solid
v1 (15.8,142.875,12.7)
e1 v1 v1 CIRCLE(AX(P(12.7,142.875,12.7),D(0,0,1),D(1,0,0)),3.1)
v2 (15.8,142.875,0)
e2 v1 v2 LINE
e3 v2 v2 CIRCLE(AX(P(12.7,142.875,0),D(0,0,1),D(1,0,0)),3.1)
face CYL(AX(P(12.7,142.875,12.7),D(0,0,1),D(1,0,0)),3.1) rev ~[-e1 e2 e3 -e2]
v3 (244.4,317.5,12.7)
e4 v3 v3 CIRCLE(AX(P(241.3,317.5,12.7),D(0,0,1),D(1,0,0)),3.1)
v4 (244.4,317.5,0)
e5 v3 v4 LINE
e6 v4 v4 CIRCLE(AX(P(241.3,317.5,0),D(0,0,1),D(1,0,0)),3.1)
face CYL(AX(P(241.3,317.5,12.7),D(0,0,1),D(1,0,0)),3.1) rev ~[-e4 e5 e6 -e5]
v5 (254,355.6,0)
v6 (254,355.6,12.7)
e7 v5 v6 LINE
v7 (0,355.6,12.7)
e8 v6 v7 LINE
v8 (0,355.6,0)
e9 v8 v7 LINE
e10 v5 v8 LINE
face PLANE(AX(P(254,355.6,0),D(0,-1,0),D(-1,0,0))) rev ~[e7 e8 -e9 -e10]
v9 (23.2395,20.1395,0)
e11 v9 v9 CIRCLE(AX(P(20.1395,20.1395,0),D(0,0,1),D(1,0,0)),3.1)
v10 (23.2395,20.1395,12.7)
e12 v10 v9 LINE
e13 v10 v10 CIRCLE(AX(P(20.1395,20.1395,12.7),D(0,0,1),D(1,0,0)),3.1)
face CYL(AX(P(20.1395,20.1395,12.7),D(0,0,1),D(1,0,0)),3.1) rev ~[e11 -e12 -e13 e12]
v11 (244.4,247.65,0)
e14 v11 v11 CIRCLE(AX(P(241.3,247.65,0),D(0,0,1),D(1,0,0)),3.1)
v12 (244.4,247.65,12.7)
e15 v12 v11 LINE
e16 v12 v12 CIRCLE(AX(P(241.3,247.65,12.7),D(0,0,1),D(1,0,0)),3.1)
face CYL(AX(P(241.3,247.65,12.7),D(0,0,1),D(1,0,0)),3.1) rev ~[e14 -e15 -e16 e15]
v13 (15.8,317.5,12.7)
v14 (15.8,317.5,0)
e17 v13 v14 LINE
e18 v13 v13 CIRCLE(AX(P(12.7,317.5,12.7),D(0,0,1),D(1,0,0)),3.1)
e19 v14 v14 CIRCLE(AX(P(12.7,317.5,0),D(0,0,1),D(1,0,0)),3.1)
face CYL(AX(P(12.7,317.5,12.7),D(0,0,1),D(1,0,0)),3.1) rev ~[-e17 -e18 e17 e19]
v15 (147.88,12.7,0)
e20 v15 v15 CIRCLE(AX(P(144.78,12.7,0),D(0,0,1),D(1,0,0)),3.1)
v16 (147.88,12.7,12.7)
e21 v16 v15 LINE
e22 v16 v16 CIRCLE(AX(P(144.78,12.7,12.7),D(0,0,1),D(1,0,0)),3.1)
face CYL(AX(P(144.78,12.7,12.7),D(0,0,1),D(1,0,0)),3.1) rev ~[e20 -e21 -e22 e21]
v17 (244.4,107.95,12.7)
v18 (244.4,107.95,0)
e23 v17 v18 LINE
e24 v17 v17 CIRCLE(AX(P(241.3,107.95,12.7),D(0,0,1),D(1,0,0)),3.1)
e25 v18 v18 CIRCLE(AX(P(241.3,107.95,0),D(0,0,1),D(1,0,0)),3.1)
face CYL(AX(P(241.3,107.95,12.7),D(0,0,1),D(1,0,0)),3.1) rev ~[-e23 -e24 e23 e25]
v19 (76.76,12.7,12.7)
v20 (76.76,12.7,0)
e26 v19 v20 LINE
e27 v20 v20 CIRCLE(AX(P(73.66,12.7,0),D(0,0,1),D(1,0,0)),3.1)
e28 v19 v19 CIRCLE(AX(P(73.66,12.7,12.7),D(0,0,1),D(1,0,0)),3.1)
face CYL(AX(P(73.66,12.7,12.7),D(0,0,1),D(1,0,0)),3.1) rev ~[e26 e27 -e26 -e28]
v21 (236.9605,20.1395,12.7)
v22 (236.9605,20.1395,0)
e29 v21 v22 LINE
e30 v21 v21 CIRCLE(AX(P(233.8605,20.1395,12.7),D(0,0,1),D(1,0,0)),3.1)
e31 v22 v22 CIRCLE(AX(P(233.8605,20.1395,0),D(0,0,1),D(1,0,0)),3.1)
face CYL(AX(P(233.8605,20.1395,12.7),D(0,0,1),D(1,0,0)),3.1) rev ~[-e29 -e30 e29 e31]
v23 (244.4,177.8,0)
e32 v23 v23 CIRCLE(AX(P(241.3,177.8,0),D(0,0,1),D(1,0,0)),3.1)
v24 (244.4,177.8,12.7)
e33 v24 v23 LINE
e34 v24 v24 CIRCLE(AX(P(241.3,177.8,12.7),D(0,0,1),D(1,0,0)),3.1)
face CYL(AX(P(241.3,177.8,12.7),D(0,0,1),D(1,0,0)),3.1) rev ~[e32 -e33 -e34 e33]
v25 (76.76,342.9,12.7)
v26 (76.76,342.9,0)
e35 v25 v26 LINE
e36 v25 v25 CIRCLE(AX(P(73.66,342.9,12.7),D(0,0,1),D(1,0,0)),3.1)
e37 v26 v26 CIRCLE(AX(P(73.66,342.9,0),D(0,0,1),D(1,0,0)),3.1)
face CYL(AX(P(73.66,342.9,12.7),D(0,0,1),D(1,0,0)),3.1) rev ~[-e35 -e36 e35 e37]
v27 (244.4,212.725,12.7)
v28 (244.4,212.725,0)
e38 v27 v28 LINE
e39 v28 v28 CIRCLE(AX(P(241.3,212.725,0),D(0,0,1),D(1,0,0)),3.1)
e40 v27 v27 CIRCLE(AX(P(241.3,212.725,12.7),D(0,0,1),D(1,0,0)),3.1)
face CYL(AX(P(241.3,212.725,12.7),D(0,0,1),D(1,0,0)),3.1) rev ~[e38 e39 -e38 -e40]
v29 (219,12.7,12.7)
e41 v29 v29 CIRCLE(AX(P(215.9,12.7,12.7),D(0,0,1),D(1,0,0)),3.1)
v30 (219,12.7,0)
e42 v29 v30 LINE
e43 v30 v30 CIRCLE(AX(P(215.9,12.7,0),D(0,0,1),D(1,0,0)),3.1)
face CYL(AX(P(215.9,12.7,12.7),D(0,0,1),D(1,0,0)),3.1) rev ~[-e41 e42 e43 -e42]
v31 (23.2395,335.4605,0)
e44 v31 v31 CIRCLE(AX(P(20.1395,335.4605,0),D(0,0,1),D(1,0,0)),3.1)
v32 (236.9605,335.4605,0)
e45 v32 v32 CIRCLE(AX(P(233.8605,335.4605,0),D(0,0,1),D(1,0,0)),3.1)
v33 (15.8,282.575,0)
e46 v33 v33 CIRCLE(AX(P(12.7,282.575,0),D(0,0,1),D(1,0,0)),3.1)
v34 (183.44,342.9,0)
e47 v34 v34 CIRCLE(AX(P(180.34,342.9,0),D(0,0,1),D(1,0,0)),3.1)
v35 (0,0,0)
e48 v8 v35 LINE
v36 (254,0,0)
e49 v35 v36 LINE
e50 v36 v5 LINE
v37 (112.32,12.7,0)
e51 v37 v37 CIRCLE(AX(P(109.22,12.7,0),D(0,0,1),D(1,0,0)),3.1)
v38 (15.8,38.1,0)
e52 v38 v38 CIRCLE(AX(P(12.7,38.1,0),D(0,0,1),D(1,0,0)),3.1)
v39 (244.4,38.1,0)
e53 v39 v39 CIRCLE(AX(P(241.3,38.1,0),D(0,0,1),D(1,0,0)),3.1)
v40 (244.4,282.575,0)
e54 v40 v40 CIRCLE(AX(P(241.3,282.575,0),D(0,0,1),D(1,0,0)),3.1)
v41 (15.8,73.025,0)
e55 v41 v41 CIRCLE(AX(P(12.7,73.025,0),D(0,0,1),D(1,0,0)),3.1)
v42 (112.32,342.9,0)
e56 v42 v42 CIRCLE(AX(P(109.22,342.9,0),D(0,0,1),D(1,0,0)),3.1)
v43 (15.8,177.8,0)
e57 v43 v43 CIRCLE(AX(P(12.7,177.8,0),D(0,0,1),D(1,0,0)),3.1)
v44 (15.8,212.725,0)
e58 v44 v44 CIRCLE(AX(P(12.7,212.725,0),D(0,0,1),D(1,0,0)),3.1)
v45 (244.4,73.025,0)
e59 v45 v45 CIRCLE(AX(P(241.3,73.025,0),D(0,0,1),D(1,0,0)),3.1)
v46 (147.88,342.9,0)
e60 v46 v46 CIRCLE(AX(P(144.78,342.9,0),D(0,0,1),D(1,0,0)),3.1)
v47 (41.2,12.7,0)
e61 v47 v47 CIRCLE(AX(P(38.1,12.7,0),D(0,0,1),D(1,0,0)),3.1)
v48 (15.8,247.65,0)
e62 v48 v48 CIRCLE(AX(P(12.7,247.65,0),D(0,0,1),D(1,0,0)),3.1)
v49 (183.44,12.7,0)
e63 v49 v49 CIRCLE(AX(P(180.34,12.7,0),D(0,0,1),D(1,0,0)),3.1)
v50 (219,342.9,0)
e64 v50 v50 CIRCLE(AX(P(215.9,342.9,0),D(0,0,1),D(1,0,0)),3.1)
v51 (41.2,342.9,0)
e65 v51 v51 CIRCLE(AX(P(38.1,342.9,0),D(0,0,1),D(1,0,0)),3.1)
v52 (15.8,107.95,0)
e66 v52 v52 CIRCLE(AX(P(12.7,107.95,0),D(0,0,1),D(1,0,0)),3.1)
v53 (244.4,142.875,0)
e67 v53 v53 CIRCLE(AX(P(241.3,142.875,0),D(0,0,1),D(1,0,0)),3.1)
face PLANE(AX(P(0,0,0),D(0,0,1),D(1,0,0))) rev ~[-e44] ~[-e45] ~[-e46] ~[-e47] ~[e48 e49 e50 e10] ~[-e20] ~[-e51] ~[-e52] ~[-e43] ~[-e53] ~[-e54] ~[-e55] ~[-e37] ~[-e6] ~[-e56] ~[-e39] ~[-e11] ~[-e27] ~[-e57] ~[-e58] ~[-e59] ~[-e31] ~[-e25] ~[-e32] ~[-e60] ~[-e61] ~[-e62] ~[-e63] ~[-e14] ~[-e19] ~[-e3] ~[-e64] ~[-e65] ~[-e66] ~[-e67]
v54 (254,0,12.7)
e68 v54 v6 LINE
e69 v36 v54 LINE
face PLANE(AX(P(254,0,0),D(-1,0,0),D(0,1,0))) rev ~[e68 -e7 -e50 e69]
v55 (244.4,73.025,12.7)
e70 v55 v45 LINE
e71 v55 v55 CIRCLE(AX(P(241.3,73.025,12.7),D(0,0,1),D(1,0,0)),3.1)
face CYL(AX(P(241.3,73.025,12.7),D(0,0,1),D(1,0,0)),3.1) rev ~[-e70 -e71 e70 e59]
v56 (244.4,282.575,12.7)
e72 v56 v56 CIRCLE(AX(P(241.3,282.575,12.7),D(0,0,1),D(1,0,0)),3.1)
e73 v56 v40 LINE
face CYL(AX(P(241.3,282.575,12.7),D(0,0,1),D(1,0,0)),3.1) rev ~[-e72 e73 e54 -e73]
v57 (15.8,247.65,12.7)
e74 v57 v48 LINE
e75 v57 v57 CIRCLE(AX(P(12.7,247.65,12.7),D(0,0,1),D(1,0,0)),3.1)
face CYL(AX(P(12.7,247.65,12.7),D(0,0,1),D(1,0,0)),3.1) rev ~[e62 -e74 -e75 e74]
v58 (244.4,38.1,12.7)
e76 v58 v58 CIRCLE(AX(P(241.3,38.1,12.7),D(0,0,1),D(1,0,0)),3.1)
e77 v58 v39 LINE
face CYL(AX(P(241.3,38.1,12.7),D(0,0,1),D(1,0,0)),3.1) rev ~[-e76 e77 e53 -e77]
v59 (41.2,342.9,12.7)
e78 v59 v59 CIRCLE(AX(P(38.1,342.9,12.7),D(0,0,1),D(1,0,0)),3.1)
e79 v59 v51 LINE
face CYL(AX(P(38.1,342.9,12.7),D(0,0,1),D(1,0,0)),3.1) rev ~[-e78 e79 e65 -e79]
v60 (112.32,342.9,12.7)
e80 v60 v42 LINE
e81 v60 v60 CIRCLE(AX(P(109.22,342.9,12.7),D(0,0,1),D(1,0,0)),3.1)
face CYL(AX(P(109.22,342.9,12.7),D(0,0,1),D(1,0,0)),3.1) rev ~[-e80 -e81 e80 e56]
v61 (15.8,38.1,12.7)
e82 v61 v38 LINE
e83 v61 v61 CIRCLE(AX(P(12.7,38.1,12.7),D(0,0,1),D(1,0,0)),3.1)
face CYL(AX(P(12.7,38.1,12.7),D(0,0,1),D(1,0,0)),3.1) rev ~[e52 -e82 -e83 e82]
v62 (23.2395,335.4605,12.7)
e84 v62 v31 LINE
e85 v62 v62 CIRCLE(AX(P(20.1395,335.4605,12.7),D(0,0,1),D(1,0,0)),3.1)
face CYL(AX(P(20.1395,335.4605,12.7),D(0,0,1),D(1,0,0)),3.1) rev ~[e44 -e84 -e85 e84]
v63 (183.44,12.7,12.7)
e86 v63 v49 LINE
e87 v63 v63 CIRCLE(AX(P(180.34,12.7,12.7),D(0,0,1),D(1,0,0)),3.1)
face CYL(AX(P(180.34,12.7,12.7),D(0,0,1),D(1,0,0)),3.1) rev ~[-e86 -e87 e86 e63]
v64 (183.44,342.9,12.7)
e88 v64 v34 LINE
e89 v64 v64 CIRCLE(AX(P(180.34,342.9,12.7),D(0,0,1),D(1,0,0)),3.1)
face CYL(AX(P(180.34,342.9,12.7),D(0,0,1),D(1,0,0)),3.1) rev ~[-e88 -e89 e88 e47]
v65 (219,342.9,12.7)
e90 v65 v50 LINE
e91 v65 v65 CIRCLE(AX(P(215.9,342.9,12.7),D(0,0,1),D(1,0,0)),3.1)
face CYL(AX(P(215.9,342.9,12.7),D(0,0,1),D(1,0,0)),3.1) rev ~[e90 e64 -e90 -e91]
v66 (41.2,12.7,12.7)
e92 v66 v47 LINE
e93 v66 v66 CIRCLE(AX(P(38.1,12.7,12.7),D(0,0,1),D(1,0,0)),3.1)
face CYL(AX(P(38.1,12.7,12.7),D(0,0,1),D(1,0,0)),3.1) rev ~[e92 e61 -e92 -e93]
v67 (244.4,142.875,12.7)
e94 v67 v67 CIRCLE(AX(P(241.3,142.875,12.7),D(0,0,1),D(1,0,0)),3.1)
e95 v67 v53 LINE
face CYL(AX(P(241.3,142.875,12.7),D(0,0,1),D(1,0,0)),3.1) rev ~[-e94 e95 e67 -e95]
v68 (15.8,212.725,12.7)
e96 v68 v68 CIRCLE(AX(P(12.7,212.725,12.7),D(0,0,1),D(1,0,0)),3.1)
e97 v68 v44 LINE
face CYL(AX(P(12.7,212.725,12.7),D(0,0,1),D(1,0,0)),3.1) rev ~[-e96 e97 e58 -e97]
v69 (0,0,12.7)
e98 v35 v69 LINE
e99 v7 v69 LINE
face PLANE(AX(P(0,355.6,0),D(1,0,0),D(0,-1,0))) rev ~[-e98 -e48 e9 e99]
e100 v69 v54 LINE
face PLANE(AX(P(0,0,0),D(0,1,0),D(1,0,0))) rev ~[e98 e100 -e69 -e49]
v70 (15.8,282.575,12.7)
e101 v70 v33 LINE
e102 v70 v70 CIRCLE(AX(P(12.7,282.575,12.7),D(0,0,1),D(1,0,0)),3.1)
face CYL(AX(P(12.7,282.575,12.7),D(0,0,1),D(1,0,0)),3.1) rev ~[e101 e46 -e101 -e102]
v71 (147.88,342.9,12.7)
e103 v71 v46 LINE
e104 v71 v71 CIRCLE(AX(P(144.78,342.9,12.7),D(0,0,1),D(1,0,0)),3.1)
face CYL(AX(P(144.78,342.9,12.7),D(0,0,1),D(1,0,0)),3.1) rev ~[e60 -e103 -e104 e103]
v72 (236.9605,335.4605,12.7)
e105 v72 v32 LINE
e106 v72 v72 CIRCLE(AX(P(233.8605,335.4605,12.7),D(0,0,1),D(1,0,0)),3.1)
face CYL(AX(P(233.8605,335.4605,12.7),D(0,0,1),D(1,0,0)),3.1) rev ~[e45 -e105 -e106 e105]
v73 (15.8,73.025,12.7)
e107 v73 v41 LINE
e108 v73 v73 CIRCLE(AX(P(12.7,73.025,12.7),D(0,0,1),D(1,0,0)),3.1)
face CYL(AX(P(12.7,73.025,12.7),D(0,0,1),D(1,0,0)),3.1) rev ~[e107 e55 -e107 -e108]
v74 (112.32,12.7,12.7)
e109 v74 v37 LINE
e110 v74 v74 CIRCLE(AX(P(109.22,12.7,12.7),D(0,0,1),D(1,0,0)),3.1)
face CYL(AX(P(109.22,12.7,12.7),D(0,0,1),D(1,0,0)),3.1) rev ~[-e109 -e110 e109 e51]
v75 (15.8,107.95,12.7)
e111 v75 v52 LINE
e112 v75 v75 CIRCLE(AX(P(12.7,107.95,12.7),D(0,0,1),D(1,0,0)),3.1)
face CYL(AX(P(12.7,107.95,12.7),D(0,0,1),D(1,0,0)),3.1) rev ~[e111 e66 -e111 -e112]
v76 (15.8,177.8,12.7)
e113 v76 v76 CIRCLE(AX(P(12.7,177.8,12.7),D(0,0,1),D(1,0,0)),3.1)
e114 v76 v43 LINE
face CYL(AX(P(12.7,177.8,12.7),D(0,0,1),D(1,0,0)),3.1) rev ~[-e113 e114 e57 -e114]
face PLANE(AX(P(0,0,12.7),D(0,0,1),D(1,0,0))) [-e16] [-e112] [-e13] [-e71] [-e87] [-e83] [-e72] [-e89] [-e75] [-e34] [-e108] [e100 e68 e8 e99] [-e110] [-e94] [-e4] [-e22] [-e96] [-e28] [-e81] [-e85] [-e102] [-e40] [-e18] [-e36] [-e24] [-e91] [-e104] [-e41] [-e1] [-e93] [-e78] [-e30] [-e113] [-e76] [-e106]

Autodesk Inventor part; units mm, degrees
ref_plane "YZ Plane" through (0, 0, 0) normal (1, 0, 0) x (0, 1, 0)
ref_plane "XZ Plane" through (0, 0, 0) normal (0, 1, 0) x (-1, 0, 0)
ref_plane "XY Plane" through (0, 0, 0) normal (0, 0, 1) x (1, 0, 0)
sketch "Sketch1" plane through (0, 0, 0) normal (0, 0, 1) x (1, 0, 0)
  line L0 (0, 0) -> (254, 0)
  line L1 (254, 0) -> (254, 355.6)
  line L2 (254, 355.6) -> (0, 355.6)
  line L3 (0, 355.6) -> (0, 0)
  dimension "d0" = 254
  dimension "d1" = 355.6
extrude "Extrusion1" add sketch "Sketch1" along normal blind 12.7
sketch "Sketch2" plane through (0, 0, 12.7) normal (0, 0, 1) x (1, 0, 0)
  line L0 (38.1, 342.9) -> (215.9, 342.9) construction
  line L1 (241.3, 317.5) -> (241.3, 38.1) construction
  line L2 (215.9, 12.7) -> (38.1, 12.7) construction
  line L3 (12.7, 38.1) -> (12.7, 317.5) construction
  line L4 (0, 355.6) -> (0, 0) construction
  line L5 (254, 355.6) -> (0, 355.6) construction
  arc A0 (241.3, 317.5) -> (215.9, 342.9) centre (215.9, 317.5) ccw construction
  arc A1 (38.1, 342.9) -> (12.7, 317.5) centre (38.1, 317.5) ccw construction
  arc A2 (12.7, 38.1) -> (38.1, 12.7) centre (38.1, 38.1) ccw construction
  arc A3 (215.9, 12.7) -> (241.3, 38.1) centre (215.9, 38.1) ccw construction
  line L6 (215.9, 38.1) -> (233.8605, 20.1395) construction
  line L7 (38.1, 38.1) -> (20.1395, 20.1395) construction
  line L8 (38.1, 317.5) -> (20.1395, 335.4605) construction
  line L9 (215.9, 317.5) -> (233.8605, 335.4605) construction
  circle A4 centre (20.1395, 335.4605) radius 3.1
  circle A5 centre (233.8605, 335.4605) radius 3.1
  circle A6 centre (233.8605, 20.1395) radius 3.1
  circle A7 centre (20.1395, 20.1395) radius 3.1
  circle A8 centre (12.7, 38.1) radius 3.1
  circle A9 centre (38.1, 12.7) radius 3.1
  circle A10 centre (215.9, 12.7) radius 3.1
  circle A11 centre (241.3, 38.1) radius 3.1
  circle A12 centre (241.3, 317.5) radius 3.1
  circle A13 centre (215.9, 342.9) radius 3.1
  circle A14 centre (38.1, 342.9) radius 3.1
  circle A15 centre (12.7, 317.5) radius 3.1
  circle A16 centre (241.3, 282.575) radius 3.1
  circle A17 centre (241.3, 247.65) radius 3.1
  circle A18 centre (241.3, 212.725) radius 3.1
  circle A19 centre (241.3, 177.8) radius 3.1
  circle A20 centre (241.3, 142.875) radius 3.1
  circle A21 centre (180.34, 342.9) radius 3.1
  circle A22 centre (144.78, 342.9) radius 3.1
  circle A23 centre (109.22, 342.9) radius 3.1
  circle A24 centre (73.66, 342.9) radius 3.1
  circle A25 centre (180.34, 12.7) radius 3.1
  circle A26 centre (144.78, 12.7) radius 3.1
  circle A27 centre (109.22, 12.7) radius 3.1
  circle A28 centre (73.66, 12.7) radius 3.1
  circle A29 centre (241.3, 107.95) radius 3.1
  circle A30 centre (241.3, 73.025) radius 3.1
  circle A31 centre (241.3, 38.1) radius 3.1
  circle A32 centre (12.7, 282.575) radius 3.1
  circle A33 centre (12.7, 247.65) radius 3.1
  circle A34 centre (12.7, 212.725) radius 3.1
  circle A35 centre (12.7, 177.8) radius 3.1
  circle A36 centre (12.7, 142.875) radius 3.1
  circle A37 centre (12.7, 107.95) radius 3.1
  circle A38 centre (12.7, 73.025) radius 3.1
  point P0 (241.3, 12.7)
  point P1 (241.3, 342.9)
  point P2 (12.7, 12.7)
  dimension "d4" = 228.6
  dimension "d5" = 330.2
  dimension "d6" = 12.7
  dimension "d7" = 12.7
  dimension "d8" = 25.4
  dimension "d9" = 6.2
  dimension "d10" = 6.2
  dimension "d11" = 6.2
  dimension "d12" = 6.2
  dimension "d13" = 6.2
  dimension "d14" = 6.2
  dimension "d15" = 6.2
  dimension "d16" = 6.2
  dimension "d17" = 6.2
  dimension "d18" = 6.2
  dimension "d19" = 6.2
  dimension "d20" = 6.2
  dimension "d30" = 34.925
  dimension "d37" = 35.56
  dimension "d44" = 35.56
  dimension "d51" = 0
  dimension "d52" = 0
  dimension "d53" = 0
  dimension "d54" = 0
  dimension "d57" = 34.925
extrude "Extrusion2" cut sketch "Sketch2" against normal blind 12.7
properties part number "bottom3" material "Polycarbonate, Smoke"
